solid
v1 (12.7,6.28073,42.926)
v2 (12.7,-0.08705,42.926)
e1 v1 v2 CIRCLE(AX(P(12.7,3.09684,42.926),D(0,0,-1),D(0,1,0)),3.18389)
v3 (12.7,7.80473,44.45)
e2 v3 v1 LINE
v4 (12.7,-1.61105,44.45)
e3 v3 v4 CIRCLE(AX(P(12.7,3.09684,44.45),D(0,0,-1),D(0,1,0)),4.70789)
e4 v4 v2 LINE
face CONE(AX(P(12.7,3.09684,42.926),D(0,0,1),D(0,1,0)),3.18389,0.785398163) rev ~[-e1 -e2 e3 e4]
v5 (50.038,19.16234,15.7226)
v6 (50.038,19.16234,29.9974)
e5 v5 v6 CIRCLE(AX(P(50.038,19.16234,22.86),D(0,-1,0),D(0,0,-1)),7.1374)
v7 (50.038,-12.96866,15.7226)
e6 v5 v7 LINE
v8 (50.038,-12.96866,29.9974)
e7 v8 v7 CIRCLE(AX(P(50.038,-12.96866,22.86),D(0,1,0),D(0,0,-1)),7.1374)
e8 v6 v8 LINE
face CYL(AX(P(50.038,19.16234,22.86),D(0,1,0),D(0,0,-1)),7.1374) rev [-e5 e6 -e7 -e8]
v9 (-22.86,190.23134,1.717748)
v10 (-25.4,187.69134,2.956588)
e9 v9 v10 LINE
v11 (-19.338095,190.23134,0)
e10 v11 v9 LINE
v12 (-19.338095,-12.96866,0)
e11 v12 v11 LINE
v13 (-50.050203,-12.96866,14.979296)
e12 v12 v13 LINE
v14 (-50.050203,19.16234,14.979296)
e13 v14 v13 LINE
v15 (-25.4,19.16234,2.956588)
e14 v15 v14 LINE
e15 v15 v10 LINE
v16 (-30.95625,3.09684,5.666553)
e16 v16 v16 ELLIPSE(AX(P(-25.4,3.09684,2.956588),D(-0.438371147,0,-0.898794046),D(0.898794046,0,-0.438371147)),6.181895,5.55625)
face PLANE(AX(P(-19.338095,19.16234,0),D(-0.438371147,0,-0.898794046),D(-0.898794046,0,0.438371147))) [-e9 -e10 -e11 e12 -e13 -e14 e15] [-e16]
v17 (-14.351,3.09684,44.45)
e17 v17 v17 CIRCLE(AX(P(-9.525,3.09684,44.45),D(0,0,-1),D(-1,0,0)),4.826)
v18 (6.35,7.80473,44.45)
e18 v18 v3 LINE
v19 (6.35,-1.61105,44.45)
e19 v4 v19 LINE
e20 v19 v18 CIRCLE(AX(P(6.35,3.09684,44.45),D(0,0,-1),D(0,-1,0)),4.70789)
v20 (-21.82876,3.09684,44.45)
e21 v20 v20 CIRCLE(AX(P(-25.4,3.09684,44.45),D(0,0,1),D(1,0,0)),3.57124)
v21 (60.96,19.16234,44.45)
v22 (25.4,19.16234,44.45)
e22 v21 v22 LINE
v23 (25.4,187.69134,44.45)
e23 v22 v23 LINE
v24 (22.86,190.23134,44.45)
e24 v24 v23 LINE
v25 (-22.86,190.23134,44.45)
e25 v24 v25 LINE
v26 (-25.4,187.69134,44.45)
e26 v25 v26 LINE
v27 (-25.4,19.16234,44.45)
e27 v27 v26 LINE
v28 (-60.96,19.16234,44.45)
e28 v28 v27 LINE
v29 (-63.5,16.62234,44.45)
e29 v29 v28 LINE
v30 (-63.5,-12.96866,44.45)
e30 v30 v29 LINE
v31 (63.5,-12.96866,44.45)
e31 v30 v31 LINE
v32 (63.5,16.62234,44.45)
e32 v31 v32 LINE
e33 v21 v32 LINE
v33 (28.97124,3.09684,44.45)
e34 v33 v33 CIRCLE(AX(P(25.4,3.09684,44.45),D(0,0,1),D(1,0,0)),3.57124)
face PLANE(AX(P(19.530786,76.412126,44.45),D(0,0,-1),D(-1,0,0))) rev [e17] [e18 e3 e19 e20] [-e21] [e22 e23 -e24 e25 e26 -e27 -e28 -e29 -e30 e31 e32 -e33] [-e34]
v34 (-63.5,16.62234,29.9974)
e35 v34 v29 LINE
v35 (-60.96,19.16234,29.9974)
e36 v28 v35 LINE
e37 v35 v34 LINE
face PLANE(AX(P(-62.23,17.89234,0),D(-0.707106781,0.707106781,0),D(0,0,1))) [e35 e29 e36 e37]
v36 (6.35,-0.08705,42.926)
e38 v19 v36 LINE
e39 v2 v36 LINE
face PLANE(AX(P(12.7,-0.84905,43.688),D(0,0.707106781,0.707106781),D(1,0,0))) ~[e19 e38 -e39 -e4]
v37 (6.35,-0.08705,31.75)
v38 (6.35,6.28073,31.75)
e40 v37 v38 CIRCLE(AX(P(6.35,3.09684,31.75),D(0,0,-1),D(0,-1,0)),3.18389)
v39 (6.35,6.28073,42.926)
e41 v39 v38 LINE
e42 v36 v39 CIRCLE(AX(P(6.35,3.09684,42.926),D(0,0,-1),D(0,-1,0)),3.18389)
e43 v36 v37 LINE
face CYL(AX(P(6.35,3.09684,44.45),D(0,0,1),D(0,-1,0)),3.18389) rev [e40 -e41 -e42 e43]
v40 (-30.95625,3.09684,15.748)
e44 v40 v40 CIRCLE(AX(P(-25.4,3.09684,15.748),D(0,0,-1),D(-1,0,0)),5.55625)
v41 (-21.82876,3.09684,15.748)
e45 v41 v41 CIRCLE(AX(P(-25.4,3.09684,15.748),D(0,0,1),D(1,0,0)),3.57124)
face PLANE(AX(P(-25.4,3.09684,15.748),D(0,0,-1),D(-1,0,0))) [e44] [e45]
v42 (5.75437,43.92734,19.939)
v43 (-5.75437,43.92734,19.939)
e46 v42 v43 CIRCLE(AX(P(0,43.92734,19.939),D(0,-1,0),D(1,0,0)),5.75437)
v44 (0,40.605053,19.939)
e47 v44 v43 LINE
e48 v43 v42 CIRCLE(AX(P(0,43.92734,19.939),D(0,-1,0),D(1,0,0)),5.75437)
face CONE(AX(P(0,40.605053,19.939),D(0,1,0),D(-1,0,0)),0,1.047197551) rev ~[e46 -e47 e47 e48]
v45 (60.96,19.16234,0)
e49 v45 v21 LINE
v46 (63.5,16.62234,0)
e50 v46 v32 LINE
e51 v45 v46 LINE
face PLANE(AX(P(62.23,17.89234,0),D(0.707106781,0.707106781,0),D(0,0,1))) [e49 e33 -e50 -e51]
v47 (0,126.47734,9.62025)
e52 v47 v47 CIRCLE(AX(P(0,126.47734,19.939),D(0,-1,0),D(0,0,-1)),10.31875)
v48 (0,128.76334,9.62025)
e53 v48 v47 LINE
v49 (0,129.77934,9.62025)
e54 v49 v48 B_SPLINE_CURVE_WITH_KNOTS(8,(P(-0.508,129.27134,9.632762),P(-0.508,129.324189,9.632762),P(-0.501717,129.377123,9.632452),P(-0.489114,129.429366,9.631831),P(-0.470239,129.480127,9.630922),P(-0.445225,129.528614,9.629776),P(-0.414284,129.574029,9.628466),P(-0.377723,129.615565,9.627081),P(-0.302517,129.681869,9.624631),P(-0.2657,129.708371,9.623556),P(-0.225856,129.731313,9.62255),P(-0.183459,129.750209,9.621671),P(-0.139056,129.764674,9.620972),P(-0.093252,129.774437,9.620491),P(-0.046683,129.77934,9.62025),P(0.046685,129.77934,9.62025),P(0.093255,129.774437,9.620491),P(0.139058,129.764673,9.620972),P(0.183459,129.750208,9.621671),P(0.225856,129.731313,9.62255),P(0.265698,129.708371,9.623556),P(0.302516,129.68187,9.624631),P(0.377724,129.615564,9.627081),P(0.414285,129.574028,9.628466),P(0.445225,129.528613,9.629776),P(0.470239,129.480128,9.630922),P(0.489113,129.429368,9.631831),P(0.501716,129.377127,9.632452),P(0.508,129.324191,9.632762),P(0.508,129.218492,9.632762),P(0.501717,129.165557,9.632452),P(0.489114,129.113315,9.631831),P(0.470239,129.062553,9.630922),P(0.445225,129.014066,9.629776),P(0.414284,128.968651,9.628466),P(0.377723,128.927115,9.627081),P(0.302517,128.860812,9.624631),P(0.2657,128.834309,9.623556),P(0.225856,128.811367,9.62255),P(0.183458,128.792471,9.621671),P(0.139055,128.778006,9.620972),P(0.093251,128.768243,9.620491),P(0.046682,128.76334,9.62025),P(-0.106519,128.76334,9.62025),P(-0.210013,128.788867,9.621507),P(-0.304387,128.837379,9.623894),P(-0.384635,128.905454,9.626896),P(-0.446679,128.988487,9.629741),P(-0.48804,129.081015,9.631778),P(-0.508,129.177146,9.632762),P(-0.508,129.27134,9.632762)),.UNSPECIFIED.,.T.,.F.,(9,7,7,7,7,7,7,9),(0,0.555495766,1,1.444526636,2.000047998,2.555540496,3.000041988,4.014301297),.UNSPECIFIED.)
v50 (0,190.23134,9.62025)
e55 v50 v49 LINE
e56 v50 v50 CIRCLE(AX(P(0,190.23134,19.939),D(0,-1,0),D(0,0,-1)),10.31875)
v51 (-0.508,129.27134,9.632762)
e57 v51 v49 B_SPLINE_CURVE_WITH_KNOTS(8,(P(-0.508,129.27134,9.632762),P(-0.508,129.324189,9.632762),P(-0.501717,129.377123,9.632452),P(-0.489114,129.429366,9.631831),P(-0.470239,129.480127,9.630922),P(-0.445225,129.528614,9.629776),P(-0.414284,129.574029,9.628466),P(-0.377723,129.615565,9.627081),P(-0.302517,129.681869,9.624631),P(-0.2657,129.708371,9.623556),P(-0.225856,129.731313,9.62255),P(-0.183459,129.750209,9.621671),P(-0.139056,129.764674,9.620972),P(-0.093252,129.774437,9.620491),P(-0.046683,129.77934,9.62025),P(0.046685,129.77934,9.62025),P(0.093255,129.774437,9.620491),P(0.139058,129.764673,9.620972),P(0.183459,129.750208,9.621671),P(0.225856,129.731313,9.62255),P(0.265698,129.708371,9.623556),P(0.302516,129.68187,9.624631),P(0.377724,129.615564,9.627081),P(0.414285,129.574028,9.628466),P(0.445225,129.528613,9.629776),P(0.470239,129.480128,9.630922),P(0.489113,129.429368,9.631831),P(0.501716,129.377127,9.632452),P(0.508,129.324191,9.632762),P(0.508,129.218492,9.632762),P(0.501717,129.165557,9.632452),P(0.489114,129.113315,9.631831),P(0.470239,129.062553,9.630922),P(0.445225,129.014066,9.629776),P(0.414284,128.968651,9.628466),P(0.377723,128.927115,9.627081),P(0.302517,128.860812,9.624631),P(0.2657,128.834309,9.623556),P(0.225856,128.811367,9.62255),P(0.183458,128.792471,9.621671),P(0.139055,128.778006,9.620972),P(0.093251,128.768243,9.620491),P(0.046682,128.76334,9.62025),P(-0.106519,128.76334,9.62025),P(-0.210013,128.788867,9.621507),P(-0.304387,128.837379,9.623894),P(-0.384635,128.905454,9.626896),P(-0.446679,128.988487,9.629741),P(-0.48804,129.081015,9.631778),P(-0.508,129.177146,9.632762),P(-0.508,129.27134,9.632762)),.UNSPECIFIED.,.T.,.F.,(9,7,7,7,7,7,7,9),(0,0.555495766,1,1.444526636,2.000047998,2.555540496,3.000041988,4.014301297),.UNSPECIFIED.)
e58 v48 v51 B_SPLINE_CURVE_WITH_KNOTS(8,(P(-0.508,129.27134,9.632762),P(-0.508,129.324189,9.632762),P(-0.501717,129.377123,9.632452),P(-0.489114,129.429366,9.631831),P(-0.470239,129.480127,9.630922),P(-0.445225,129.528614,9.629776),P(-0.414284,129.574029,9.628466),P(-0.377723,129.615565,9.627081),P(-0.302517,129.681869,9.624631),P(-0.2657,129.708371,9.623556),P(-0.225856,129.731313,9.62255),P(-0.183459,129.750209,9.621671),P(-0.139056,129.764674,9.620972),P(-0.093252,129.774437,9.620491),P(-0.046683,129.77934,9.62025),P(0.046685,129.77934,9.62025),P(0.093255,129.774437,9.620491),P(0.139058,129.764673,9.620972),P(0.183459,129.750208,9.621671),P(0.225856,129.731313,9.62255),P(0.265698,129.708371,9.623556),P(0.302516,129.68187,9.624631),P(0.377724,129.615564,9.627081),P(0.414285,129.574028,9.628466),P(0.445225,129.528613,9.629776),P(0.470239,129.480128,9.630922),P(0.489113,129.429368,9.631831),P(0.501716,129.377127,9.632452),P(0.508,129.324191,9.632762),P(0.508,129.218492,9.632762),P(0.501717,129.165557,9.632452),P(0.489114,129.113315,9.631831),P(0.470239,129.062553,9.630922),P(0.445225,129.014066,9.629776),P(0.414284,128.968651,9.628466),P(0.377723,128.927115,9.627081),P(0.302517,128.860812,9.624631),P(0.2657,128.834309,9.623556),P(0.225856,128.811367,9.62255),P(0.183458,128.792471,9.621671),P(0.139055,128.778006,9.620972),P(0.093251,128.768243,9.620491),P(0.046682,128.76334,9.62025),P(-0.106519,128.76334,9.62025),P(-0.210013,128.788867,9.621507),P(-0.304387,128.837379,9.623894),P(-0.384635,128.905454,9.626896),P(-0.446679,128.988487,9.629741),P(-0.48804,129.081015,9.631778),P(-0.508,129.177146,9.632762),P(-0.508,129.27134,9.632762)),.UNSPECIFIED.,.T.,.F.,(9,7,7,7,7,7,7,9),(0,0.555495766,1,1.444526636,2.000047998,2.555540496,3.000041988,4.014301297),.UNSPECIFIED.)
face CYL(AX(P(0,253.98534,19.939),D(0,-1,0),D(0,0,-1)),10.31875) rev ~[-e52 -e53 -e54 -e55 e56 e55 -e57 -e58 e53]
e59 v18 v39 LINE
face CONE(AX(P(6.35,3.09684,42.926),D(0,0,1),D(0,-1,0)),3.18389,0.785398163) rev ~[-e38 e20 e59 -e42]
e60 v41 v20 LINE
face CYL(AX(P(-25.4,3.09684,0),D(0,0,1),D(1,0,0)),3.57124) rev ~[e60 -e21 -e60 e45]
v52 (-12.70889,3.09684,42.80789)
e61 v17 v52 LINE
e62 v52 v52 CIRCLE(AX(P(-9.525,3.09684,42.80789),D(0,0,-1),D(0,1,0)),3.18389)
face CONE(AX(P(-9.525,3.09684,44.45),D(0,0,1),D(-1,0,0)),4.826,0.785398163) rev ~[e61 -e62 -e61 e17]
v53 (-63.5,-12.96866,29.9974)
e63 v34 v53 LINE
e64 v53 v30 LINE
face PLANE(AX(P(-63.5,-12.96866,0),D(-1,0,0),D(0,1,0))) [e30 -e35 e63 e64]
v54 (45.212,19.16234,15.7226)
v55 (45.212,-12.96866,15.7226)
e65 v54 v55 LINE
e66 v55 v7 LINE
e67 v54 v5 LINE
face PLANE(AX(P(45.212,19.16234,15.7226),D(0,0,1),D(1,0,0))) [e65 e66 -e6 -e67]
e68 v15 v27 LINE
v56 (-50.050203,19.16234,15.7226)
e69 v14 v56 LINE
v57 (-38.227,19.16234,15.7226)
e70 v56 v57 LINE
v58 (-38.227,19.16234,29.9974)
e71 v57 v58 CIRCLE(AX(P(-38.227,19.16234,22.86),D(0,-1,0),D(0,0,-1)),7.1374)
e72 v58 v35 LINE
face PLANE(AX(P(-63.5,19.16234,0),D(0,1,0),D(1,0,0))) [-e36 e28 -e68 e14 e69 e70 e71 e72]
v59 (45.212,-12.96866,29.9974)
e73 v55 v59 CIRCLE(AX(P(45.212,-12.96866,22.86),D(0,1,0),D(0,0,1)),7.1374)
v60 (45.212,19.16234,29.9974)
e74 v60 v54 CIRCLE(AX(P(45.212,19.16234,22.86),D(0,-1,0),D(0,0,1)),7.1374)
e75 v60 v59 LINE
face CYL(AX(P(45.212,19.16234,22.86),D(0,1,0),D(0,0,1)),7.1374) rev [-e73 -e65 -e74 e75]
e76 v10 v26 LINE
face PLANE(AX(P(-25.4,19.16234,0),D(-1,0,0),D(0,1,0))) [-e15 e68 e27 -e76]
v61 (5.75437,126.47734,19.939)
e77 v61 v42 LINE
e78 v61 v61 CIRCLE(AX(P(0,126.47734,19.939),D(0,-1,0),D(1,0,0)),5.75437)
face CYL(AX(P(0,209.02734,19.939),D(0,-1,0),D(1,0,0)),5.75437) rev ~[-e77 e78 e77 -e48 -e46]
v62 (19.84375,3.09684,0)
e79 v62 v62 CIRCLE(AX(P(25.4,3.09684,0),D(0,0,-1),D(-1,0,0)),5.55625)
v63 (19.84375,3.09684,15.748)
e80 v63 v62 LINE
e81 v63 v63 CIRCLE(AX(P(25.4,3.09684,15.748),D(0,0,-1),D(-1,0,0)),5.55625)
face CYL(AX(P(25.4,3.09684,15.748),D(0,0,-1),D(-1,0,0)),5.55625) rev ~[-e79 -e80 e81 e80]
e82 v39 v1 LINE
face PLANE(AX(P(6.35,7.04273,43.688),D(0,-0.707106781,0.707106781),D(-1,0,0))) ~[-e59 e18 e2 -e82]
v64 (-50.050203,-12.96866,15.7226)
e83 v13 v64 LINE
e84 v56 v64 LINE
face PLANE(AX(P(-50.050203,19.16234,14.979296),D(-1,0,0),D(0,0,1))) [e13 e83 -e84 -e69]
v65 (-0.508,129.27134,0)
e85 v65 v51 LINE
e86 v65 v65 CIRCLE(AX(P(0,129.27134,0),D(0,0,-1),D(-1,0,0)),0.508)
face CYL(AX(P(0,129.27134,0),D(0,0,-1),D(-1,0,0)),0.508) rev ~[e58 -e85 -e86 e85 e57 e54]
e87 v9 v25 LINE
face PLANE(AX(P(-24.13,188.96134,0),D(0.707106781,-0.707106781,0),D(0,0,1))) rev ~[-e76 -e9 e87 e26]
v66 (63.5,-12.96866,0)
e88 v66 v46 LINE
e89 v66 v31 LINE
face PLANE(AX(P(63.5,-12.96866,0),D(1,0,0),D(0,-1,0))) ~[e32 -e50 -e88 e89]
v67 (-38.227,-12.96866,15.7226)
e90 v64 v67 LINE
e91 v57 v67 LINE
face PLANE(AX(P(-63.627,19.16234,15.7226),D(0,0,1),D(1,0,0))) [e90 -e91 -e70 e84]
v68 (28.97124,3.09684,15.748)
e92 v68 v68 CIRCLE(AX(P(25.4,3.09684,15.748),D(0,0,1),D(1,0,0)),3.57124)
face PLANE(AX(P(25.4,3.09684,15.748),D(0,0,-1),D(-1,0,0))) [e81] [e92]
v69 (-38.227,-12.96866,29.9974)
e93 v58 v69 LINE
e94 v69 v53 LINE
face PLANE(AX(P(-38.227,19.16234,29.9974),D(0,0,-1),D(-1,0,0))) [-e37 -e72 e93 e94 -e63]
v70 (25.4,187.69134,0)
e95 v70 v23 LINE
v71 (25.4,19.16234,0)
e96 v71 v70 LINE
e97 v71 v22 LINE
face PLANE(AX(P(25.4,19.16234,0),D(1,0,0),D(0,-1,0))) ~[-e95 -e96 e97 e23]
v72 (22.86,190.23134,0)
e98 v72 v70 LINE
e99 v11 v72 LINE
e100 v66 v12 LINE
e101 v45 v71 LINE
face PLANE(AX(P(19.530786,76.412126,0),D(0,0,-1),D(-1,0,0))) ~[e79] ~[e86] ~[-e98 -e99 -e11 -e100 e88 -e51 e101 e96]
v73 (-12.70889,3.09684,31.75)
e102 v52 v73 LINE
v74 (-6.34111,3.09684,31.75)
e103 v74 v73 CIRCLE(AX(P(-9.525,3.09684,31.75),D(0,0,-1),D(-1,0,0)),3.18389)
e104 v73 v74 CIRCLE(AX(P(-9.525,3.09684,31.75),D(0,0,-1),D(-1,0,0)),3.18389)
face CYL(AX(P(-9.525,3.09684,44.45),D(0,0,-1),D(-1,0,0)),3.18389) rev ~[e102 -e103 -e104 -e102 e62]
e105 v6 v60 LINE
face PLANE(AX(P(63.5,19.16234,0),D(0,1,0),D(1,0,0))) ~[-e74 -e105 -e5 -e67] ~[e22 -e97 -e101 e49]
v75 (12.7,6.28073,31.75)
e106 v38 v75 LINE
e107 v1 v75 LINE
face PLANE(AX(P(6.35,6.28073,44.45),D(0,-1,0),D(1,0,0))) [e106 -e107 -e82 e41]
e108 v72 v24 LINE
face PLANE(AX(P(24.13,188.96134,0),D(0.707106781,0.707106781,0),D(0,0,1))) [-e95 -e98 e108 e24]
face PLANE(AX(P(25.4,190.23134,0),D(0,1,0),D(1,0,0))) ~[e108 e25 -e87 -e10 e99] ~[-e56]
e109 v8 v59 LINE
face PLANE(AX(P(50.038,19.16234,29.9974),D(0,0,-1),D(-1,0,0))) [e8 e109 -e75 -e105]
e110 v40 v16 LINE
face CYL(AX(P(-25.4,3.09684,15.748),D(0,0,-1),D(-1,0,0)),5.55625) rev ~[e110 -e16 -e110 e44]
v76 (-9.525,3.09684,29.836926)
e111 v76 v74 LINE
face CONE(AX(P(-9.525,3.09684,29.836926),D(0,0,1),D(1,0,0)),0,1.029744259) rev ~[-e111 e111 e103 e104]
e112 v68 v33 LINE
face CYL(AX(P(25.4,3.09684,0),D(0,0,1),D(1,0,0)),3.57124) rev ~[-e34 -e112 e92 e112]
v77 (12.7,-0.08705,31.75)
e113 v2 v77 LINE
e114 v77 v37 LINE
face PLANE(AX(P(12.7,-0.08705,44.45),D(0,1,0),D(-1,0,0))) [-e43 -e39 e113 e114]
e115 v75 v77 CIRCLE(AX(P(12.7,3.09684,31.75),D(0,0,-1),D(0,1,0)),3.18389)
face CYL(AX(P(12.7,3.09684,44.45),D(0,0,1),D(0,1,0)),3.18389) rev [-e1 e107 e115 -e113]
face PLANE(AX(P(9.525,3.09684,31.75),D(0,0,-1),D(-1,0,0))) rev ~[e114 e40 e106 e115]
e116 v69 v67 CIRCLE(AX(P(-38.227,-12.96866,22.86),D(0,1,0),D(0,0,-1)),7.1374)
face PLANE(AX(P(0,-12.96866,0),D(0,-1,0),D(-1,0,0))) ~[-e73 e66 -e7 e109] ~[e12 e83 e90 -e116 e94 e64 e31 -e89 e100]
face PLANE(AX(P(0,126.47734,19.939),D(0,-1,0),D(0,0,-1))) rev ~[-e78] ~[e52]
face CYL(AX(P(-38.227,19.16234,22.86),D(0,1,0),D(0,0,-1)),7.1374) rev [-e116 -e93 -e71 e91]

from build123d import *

# Parameters (mm, degrees)
EXTRUDE1_DEPTH                                   = 44.45
CHAMFER1_SIZE                                    = 2.54
CHAMFER2_SIZE                                    = 2.54
F_13_16_0_8125_DIAMETER_HOLE1_D                  = 20.6375
F_13_16_0_8125_DIAMETER_HOLE1_DEPTH              = 63.754
F_60_0_04_DIAMETER_HOLE1_REACH                   = 46.45
F_60_0_04_DIAMETER_HOLE1_BORE_R                  = 0.508
CBORE_FOR_1_4_SOCKET_HEAD_CAP_SCREW1_D           = 7.14248
CBORE_FOR_1_4_SOCKET_HEAD_CAP_SCREW1_CBORE_D     = 11.1125
CBORE_FOR_1_4_SOCKET_HEAD_CAP_SCREW1_CBORE_DEPTH = 15.748
F_1_4_0_25_DIAMETER_HOLE2_D                      = 6.36778
F_1_4_0_25_DIAMETER_HOLE2_DEPTH                  = 12.7
F_1_4_0_25_DIAMETER_HOLE2_CSINK_D                = 9.652
F_1_4_0_25_DIAMETER_HOLE2_CSINK_ANGLE            = 90
F_1_4_0_25_DIAMETER_HOLE2_TIP                    = 1.913074116
EXTRUDE4_DEPTH                                   = 12.7
F_1_2_20_TAPPED_HOLE3_D                          = 11.50874
F_1_2_20_TAPPED_HOLE3_DEPTH                      = 82.55
F_1_2_20_TAPPED_HOLE3_TIP                        = 3.322287069
EXTRUDE5_DEPTH                                   = 172.0690001
EXTRUDE5_DEPTH_BACK                              = 33.02
CHAMFER3_SIZE                                    = 1.524
EXTRUDE6_DEPTH                                   = 33.131
CUT_EXTRUDE1_DEPTH                               = 33.131


with BuildPart() as part:
    # Sketch1 → Extrude1 (new body)
    with BuildSketch(Plane.XY):
        Polygon((-63.5, 19.16234013), (-25.4, 19.16234013), (-25.4, 190.23134013), (0, 190.23134013), (0, -12.96865987), (-63.5, -12.96865987), align=None)
    extrude1 = extrude(amount=EXTRUDE1_DEPTH)

    # Mirror2: Extrude1 across plane
    add(extrude1.mirror(Plane(origin=(0, -12.96865987, 44.45), x_dir=(0, 0, 1), z_dir=(-1, 0, 0))))

    # Chamfer1
    chamfer1_edges = [part.edges().sort_by_distance(p)[0] for p in [
        (63.5, 19.16234013, 22.225),
        (25.4, 190.23134013, 22.225),
    ]]
    chamfer(chamfer1_edges, length=CHAMFER1_SIZE)

    # Chamfer2
    chamfer2_edges = [part.edges().sort_by_distance(p)[0] for p in [
        (-63.5, 19.16234013, 22.225),
        (-25.4, 190.23134013, 22.225),
    ]]
    chamfer(chamfer2_edges, length=CHAMFER2_SIZE)

    # 13/16 (0.8125) Diameter Hole1
    with Locations(Plane(origin=(0, 190.23134013, 19.939), x_dir=(0, 0, 1), z_dir=(0, 1, 0))):
        with Locations((0, 0)):
            Hole(F_13_16_0_8125_DIAMETER_HOLE1_D / 2, depth=F_13_16_0_8125_DIAMETER_HOLE1_DEPTH)

    # #60 (0.04) Diameter Hole1 bore → #60 (0.04) Diameter Hole1 (cut, up to next)
    with BuildSketch(Plane(origin=(0, 0, 0), x_dir=(-1, 0, 0), z_dir=(0, 0, -1)), mode=Mode.PRIVATE) as f_60_0_04_diameter_hole1_sk1:
        with Locations((0, 129.27134013)):
            Circle(F_60_0_04_DIAMETER_HOLE1_BORE_R)
    f_60_0_04_diameter_hole1_tool1 = extrude(f_60_0_04_diameter_hole1_sk1.sketch, amount=-F_60_0_04_DIAMETER_HOLE1_REACH, mode=Mode.PRIVATE) & part.part
    add(f_60_0_04_diameter_hole1_tool1.solids().sort_by_distance((0, 129.27134, 0))[0], mode=Mode.SUBTRACT)

    # CBORE for 1/4 Socket Head Cap Screw1 (through all)
    with Locations(Plane(origin=(25.4, 3.09684013, 0), x_dir=(-1, 0, 0), z_dir=(0, 0, -1))):
        with Locations((0, 0), (50.8, 0)):
            CounterBoreHole(CBORE_FOR_1_4_SOCKET_HEAD_CAP_SCREW1_D / 2, CBORE_FOR_1_4_SOCKET_HEAD_CAP_SCREW1_CBORE_D / 2, CBORE_FOR_1_4_SOCKET_HEAD_CAP_SCREW1_CBORE_DEPTH)

    # 1/4 (0.25) Diameter Hole2
    with Locations(Plane.XY.offset(44.45)):
        with Locations((-9.525, 3.09684013)):
            CounterSinkHole(F_1_4_0_25_DIAMETER_HOLE2_D / 2, F_1_4_0_25_DIAMETER_HOLE2_CSINK_D / 2, depth=F_1_4_0_25_DIAMETER_HOLE2_DEPTH, counter_sink_angle=F_1_4_0_25_DIAMETER_HOLE2_CSINK_ANGLE)
            with Locations((0, 0, -(F_1_4_0_25_DIAMETER_HOLE2_DEPTH + F_1_4_0_25_DIAMETER_HOLE2_TIP / 2))):  # 118° drill point
                Cone(0, F_1_4_0_25_DIAMETER_HOLE2_D / 2, F_1_4_0_25_DIAMETER_HOLE2_TIP, mode=Mode.SUBTRACT)

    # Sketch22 → Extrude4 (cut)
    with BuildSketch(Plane.XY.offset(44.45)):
        with BuildLine():
            Line((12.7, -0.08704987), (6.35, -0.08704987))
            ThreePointArc((6.35, -0.08704987), (3.16611, 3.09684013), (6.35, 6.28073013))
            Line((6.35, 6.28073013), (12.7, 6.28073013))
            ThreePointArc((12.7, 6.28073013), (15.88389, 3.09684013), (12.7, -0.08704987))
        make_face()
    extrude(amount=-EXTRUDE4_DEPTH, mode=Mode.SUBTRACT)

    # 1/2-20 Tapped Hole3
    with Locations(Plane(origin=(0, 126.47734013, 0), x_dir=(-1, 0, 0), z_dir=(0, 1, 0))):
        with Locations((0, 19.939)):
            Hole(F_1_2_20_TAPPED_HOLE3_D / 2, depth=F_1_2_20_TAPPED_HOLE3_DEPTH)
            with Locations((0, 0, -(F_1_2_20_TAPPED_HOLE3_DEPTH + F_1_2_20_TAPPED_HOLE3_TIP / 2))):  # 120° drill point
                Cone(0, F_1_2_20_TAPPED_HOLE3_D / 2, F_1_2_20_TAPPED_HOLE3_TIP, mode=Mode.SUBTRACT)

    # Sketch27 → Extrude5 (cut, two sides)
    with BuildSketch(Plane(origin=(0, 19.16234013, 0), x_dir=(1, 0, 0), z_dir=(0, 1, 0))) as extrude5_sk:
        Polygon((-19.338095495, 0), (-63.5, -21.5392), (-63.5, 0), align=None)
    extrude(amount=EXTRUDE5_DEPTH, mode=Mode.SUBTRACT)
    extrude(extrude5_sk.sketch, amount=-EXTRUDE5_DEPTH_BACK, mode=Mode.SUBTRACT)

    # Chamfer3
    chamfer3_edges = [part.edges().sort_by_distance(p)[0] for p in [
        (15.88389, 3.09684013, 44.45),
        (9.525, 6.28073013, 44.45),
        (3.16611, 3.09684013, 44.45),
        (9.525, -0.08704987, 44.45),
    ]]
    chamfer(chamfer3_edges, length=CHAMFER3_SIZE)

    # Sketch28 → Extrude6 (cut, through all)
    with BuildSketch(Plane(origin=(0, 19.16234013, 0), x_dir=(1, 0, 0), z_dir=(0, 1, 0))):
        with BuildLine():
            Line((45.212, -15.7226), (50.038, -15.7226))
            ThreePointArc((50.038, -15.7226), (57.1754, -22.86), (50.038, -29.9974))
            Line((50.038, -29.9974), (45.212, -29.9974))
            ThreePointArc((45.212, -29.9974), (38.0746, -22.86), (45.212, -15.7226))
        make_face()
        with BuildLine():
            Line((-38.227, -29.9974), (-63.627, -29.9974))
            ThreePointArc((-63.627, -29.9974), (-70.7644, -22.86), (-63.627, -15.7226))
            Line((-63.627, -15.7226), (-38.227, -15.7226))
            ThreePointArc((-38.227, -15.7226), (-31.0896, -22.86), (-38.227, -29.9974))
        make_face()
    extrude(amount=-EXTRUDE6_DEPTH, mode=Mode.SUBTRACT)

    # Sketch29 → Cut-Extrude1 (cut, through all)
    with BuildSketch(Plane(origin=(0, 19.16234013, 0), x_dir=(1, 0, 0), z_dir=(0, 1, 0))):
        Polygon((-51.574202675, -15.7226), (-50.050202675, -14.979295535), (-50.050202675, -15.7226), align=None)
    extrude(amount=-CUT_EXTRUDE1_DEPTH, mode=Mode.SUBTRACT)


solid = part.part
